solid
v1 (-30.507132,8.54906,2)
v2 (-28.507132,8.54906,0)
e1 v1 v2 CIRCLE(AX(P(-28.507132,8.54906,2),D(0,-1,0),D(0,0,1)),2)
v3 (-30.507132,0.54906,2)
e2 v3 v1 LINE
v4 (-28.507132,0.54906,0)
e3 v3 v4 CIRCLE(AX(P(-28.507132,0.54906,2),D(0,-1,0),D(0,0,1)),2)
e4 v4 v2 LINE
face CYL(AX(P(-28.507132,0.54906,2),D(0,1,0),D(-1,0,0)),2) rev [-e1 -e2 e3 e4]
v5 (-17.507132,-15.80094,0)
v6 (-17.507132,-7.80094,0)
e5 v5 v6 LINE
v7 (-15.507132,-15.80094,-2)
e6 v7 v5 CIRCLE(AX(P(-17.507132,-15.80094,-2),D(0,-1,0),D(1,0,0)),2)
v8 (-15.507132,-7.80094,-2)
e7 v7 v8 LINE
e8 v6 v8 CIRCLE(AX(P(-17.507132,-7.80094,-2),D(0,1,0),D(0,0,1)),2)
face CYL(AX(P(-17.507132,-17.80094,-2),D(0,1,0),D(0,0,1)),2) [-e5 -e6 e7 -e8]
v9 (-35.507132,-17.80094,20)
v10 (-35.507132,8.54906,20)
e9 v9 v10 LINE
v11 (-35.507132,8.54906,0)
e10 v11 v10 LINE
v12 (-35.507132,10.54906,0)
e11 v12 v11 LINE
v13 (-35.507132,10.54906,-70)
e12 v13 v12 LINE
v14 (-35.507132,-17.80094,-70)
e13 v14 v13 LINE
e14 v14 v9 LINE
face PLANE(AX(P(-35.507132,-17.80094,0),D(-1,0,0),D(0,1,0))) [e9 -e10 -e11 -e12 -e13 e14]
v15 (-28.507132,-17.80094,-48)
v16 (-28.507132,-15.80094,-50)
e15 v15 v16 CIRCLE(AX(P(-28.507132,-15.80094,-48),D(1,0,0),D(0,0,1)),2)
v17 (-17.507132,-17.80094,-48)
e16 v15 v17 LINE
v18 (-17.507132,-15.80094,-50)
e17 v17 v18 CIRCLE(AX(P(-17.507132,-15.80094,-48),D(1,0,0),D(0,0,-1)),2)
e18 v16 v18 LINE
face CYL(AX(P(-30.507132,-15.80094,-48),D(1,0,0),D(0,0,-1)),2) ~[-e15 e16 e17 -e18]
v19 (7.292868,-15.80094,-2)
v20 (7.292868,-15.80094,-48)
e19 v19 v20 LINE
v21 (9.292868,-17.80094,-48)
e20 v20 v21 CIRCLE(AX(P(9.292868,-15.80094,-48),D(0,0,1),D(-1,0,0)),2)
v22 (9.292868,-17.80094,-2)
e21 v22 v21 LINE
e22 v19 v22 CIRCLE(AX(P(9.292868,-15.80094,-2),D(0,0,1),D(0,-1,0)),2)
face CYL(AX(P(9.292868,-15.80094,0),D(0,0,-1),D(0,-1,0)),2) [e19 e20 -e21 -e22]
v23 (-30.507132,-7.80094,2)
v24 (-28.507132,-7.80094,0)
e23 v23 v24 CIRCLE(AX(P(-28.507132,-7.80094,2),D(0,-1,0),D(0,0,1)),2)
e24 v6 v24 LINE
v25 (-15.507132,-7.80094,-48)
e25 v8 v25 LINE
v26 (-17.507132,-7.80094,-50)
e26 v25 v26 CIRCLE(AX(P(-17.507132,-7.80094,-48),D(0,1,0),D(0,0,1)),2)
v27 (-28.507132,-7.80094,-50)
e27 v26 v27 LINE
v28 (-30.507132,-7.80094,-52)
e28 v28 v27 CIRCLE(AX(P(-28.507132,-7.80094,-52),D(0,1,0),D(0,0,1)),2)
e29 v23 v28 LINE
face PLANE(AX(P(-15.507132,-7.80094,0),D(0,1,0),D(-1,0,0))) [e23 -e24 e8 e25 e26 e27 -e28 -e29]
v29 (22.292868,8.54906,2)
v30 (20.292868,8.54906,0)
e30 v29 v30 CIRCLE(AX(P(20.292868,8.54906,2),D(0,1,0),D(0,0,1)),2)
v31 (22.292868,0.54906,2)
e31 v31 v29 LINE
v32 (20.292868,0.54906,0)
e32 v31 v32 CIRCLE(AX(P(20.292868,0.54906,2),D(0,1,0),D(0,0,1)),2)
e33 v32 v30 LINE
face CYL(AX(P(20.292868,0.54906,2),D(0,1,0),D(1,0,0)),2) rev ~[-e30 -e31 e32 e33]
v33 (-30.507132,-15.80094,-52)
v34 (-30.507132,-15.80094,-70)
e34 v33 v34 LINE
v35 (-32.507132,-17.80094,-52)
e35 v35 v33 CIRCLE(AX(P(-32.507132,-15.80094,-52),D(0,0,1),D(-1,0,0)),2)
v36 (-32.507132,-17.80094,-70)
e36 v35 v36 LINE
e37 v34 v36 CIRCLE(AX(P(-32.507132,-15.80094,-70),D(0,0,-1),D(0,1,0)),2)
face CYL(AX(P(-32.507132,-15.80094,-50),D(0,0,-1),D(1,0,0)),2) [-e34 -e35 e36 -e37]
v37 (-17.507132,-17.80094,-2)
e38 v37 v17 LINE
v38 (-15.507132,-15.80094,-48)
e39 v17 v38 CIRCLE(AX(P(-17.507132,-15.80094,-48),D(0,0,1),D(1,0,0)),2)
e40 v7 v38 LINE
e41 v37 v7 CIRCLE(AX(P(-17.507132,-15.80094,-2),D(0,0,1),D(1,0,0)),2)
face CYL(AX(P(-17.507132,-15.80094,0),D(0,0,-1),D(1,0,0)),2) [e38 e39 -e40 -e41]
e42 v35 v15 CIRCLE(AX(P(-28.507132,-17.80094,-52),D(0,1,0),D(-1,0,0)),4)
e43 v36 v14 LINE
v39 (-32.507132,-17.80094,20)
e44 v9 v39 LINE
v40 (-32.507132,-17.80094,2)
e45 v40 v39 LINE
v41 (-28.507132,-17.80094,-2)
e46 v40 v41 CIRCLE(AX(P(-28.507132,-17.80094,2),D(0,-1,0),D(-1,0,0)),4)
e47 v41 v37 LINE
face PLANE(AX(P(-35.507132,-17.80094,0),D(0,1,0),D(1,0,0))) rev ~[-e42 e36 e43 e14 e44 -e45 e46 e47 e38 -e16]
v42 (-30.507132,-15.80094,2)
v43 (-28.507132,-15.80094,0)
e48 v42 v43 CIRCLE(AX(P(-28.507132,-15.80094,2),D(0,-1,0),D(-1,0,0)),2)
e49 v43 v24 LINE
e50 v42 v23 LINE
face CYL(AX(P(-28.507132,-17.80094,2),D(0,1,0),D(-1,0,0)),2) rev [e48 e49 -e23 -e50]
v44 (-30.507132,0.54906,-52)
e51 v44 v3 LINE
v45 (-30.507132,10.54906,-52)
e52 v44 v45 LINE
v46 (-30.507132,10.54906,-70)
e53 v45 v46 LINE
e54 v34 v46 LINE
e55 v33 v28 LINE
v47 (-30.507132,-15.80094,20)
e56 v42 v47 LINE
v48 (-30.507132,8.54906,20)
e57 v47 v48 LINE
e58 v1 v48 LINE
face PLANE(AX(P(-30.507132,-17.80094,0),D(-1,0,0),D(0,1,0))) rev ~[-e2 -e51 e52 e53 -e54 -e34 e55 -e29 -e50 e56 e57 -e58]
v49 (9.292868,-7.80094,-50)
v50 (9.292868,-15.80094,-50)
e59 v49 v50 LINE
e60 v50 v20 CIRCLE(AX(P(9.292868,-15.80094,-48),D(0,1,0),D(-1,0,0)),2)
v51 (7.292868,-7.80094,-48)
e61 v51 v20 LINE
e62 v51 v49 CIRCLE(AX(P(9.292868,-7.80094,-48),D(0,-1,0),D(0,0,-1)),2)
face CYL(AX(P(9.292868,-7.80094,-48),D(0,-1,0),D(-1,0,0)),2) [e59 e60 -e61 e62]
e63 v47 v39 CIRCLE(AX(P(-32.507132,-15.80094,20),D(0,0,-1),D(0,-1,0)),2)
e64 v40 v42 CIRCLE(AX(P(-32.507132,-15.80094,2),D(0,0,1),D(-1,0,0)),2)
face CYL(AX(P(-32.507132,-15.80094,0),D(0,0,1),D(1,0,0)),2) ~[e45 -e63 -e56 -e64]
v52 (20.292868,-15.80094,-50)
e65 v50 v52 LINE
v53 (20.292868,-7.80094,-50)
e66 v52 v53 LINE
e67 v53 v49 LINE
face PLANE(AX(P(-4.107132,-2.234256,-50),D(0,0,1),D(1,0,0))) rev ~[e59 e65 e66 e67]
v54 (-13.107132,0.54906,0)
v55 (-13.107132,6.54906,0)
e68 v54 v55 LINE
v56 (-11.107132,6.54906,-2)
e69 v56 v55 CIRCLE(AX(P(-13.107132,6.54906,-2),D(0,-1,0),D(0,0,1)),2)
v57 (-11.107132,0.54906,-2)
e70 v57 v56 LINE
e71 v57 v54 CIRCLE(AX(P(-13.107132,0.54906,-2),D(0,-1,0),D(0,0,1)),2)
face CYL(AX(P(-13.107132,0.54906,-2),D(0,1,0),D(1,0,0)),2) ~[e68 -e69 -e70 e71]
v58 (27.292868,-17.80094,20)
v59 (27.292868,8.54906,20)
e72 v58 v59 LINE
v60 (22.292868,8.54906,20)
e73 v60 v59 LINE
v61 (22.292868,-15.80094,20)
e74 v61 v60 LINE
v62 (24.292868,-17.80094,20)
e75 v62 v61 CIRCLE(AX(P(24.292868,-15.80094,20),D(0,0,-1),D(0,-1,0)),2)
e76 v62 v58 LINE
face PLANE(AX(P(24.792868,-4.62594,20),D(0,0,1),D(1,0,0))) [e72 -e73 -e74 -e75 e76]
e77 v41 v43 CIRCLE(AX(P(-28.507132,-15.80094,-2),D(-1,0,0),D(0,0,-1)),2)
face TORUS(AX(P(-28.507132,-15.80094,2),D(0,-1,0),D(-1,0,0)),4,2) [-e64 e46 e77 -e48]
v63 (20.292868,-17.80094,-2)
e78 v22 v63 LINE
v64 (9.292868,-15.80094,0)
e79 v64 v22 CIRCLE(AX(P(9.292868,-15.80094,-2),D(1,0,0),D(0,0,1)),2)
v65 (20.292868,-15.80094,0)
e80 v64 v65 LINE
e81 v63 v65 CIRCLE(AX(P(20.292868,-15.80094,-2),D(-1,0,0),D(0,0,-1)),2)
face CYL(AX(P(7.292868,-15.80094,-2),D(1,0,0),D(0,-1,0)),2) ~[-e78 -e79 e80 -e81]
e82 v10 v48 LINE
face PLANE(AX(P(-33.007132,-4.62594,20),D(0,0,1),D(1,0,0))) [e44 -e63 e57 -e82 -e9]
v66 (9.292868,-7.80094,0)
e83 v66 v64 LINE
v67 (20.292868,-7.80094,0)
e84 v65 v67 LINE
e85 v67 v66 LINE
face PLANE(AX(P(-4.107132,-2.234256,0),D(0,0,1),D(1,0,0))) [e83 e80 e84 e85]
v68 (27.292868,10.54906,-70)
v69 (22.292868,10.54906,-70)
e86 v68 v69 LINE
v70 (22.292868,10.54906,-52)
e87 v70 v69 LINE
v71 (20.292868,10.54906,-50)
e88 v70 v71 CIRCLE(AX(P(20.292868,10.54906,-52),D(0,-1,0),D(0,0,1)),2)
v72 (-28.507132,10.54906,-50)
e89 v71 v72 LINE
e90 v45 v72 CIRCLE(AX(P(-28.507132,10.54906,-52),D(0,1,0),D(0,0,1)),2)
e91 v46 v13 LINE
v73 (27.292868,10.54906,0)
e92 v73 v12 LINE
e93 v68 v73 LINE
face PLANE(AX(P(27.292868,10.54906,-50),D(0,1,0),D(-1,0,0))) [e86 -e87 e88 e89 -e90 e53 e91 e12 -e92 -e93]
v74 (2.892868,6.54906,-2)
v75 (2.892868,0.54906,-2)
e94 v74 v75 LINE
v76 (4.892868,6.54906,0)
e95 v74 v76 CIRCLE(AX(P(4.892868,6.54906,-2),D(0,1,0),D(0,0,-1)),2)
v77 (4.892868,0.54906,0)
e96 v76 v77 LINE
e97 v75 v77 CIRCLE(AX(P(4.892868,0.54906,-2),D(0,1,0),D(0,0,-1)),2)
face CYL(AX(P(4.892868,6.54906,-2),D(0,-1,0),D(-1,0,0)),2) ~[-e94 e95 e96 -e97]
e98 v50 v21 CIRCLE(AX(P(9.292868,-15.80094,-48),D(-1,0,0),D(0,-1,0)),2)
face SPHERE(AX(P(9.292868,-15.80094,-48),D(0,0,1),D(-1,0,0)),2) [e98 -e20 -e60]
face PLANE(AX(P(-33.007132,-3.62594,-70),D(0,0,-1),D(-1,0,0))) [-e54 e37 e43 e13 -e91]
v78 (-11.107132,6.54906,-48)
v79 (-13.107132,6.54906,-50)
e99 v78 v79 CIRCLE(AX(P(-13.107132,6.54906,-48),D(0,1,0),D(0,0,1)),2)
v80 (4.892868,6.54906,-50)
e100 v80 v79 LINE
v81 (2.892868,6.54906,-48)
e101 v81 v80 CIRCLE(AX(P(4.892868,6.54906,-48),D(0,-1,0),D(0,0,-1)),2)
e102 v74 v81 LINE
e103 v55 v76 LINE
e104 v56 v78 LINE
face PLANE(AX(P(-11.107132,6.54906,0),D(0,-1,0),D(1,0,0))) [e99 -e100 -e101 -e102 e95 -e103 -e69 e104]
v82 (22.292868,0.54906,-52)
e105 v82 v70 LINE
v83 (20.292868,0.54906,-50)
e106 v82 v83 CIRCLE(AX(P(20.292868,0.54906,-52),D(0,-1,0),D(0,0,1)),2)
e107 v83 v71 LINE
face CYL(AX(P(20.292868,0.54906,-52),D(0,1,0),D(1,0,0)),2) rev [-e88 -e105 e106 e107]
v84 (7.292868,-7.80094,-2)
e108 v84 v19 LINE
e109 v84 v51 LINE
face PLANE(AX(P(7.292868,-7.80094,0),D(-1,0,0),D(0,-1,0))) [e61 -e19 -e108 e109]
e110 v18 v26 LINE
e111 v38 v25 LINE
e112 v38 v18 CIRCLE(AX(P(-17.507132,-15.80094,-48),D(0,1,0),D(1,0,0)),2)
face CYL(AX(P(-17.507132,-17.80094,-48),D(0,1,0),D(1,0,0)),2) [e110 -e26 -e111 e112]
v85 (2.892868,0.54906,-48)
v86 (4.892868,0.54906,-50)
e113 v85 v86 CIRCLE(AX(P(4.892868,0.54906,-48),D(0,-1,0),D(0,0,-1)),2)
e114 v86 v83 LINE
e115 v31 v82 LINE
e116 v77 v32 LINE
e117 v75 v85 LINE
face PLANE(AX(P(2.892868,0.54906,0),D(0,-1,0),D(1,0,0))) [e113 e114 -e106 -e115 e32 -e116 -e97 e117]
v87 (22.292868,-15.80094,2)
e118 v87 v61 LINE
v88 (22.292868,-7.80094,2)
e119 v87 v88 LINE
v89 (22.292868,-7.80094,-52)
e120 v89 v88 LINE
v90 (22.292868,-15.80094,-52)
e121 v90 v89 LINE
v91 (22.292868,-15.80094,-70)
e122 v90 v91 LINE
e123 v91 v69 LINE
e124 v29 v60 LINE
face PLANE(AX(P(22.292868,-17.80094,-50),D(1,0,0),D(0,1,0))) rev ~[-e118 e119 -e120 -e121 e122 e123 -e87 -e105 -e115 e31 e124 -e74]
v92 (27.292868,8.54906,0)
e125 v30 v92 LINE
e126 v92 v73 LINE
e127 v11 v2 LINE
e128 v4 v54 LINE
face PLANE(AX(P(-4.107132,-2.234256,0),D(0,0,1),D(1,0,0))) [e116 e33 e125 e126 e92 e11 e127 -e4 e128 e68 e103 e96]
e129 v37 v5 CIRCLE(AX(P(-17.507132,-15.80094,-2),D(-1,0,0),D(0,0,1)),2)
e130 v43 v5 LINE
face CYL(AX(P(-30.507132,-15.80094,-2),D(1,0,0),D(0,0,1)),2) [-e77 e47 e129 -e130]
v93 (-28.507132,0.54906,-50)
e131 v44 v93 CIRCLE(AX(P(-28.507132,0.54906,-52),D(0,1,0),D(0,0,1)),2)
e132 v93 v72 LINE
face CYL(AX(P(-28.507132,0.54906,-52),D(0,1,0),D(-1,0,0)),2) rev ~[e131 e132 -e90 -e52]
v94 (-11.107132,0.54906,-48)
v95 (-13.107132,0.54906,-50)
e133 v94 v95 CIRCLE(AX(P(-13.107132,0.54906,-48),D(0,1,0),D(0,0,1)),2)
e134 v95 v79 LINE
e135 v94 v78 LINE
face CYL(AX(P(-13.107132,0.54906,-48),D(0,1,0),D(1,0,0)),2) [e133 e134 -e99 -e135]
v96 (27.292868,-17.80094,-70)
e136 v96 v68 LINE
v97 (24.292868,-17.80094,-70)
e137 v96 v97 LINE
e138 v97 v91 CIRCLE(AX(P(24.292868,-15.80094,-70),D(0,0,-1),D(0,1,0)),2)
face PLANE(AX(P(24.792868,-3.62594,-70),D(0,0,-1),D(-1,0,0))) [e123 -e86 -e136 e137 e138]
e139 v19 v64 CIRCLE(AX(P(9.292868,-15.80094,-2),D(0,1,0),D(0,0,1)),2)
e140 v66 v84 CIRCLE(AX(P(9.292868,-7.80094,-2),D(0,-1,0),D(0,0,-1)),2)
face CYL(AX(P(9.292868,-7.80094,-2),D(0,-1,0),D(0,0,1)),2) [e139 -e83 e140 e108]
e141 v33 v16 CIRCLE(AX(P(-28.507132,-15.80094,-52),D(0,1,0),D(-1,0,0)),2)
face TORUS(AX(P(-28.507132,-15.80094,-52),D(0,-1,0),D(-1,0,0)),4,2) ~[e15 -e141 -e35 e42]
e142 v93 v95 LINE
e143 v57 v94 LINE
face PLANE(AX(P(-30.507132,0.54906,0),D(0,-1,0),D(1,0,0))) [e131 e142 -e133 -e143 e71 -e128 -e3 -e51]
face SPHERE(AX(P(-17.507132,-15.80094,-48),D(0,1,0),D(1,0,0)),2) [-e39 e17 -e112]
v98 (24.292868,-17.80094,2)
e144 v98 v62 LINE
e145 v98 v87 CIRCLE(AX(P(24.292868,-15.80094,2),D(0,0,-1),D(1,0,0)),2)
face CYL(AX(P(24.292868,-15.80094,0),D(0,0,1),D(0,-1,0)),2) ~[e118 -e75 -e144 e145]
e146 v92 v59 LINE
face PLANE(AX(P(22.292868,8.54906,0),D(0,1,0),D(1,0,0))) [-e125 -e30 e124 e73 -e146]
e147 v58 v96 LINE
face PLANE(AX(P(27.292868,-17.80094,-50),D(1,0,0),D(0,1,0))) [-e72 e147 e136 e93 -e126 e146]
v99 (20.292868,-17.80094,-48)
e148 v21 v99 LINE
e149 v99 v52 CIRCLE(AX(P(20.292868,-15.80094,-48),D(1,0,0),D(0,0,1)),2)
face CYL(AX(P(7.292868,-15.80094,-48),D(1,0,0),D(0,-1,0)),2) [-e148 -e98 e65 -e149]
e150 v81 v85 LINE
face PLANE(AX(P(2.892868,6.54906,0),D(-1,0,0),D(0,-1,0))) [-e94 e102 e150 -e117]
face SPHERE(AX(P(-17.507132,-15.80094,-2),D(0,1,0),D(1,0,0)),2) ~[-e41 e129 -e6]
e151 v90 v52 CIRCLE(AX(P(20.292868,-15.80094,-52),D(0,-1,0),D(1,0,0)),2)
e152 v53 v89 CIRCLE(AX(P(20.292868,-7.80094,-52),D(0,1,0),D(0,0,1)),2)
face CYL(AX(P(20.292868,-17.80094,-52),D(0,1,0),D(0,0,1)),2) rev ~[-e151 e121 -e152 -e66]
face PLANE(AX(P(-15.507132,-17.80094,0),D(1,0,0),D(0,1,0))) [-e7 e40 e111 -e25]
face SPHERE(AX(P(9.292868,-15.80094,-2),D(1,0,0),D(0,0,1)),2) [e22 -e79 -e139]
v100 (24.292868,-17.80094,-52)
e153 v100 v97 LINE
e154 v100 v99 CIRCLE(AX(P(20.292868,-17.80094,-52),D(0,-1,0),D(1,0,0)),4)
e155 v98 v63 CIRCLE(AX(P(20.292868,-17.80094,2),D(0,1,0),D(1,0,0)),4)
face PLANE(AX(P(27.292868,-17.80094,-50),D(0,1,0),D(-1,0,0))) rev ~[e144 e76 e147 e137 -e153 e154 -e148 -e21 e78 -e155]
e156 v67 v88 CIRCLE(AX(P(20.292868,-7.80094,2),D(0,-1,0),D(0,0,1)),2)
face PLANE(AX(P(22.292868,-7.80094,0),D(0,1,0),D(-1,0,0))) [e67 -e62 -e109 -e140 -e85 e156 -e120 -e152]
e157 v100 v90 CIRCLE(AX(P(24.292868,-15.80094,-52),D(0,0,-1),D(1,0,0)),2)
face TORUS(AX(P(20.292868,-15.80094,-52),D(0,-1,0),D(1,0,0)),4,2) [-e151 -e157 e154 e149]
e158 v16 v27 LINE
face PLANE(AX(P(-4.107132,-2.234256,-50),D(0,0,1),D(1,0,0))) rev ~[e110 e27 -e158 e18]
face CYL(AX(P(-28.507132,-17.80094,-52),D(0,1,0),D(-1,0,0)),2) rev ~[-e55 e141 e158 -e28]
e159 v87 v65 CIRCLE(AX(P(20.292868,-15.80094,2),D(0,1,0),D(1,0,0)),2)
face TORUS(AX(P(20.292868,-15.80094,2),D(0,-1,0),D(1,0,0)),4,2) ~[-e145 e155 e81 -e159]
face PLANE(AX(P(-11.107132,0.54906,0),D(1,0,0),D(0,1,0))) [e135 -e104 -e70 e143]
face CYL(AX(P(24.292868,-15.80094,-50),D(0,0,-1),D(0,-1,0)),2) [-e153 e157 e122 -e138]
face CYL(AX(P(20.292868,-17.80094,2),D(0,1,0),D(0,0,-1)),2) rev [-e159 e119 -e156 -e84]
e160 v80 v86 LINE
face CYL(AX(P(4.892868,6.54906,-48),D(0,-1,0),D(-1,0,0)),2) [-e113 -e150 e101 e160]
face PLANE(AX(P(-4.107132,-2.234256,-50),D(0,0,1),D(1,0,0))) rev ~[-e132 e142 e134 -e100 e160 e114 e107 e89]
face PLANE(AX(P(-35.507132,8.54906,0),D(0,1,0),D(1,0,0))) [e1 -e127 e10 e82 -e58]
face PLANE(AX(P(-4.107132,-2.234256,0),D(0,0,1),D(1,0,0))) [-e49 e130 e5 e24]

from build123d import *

# Parameters (mm, degrees)
BOSS_EXTRUDE1_DEPTH = 50
SKETCH2_W           = 5
SKETCH2_H           = 26.35
BOSS_EXTRUDE2_DEPTH = 20
SKETCH4_W           = 5
SKETCH4_H           = 28.35
BOSS_EXTRUDE3_DEPTH = 20
FILLET2_R           = 2


with BuildPart() as part:
    # Sketch1 → Boss-Extrude1 (new body)
    with BuildSketch(Plane.XY):
        Polygon((-35.507131788, 10.549060403), (-35.507131788, -17.800939597), (-15.507131788, -17.800939597), (-15.507131788, -7.800939597), (-30.507131788, -7.800939597), (-30.507131788, 0.549060403), (-11.107131788, 0.549060403), (-11.107131788, 6.549060403), (2.892868212, 6.549060403), (2.892868212, 0.549060403), (22.292868212, 0.549060403), (22.292868212, -7.800939597), (7.292868212, -7.800939597), (7.292868212, -17.800939597), (27.292868212, -17.800939597), (27.292868212, 10.549060403), align=None)
    extrude(amount=-BOSS_EXTRUDE1_DEPTH)

    # Sketch2 → Boss-Extrude2 (add)
    with BuildSketch(Plane.XY):
        with Locations((-33.007131788, -4.625939597)):
            Rectangle(SKETCH2_W, SKETCH2_H)
        with Locations((24.792868212, -4.625939597)):
            Rectangle(SKETCH2_W, SKETCH2_H)
    extrude(amount=BOSS_EXTRUDE2_DEPTH)

    # Sketch4 → Boss-Extrude3 (add)
    with BuildSketch(Plane(origin=(0, 0, -50), x_dir=(-1, 0, 0), z_dir=(0, 0, -1))):
        with Locations((-24.792868212, -3.625939597)):
            Rectangle(SKETCH4_W, SKETCH4_H)
        with Locations((33.007131788, -3.625939597)):
            Rectangle(SKETCH4_W, SKETCH4_H)
    extrude(amount=BOSS_EXTRUDE3_DEPTH)

    # Fillet2
    fillet2_edges = [part.edges().sort_by_distance(p)[0] for p in [
        (14.792868212, -17.800939597, 0),
        (7.292868212, -12.800939597, 0),
        (-15.507131788, -12.800939597, -50),
        (2.892868212, 3.549060403, 0),
        (-11.107131788, 3.549060403, 0),
        (-15.507131788, -12.800939597, 0),
        (7.292868212, -17.800939597, -25),
        (-15.507131788, -17.800939597, -25),
        (-11.107131788, 3.549060403, -50),
        (2.892868212, 3.549060403, -50),
        (-23.007131788, -17.800939597, 0),
        (-30.507131788, -12.800939597, 0),
        (-30.507131788, -17.800939597, 10),
        (-30.507131788, 4.549060403, 0),
        (7.292868212, -12.800939597, -50),
        (22.292868212, 4.549060403, 0),
        (22.292868212, -12.800939597, 0),
        (22.292868212, -17.800939597, 10),
        (14.792868212, -17.800939597, -50),
        (22.292868212, 5.549060403, -50),
        (22.292868212, -12.800939597, -50),
        (22.292868212, -17.800939597, -60),
        (-23.007131788, -17.800939597, -50),
        (-30.507131788, -12.800939597, -50),
        (-30.507131788, 5.549060403, -50),
        (-30.507131788, -17.800939597, -60),
    ]]
    fillet(fillet2_edges, radius=FILLET2_R)


solid = part.part
